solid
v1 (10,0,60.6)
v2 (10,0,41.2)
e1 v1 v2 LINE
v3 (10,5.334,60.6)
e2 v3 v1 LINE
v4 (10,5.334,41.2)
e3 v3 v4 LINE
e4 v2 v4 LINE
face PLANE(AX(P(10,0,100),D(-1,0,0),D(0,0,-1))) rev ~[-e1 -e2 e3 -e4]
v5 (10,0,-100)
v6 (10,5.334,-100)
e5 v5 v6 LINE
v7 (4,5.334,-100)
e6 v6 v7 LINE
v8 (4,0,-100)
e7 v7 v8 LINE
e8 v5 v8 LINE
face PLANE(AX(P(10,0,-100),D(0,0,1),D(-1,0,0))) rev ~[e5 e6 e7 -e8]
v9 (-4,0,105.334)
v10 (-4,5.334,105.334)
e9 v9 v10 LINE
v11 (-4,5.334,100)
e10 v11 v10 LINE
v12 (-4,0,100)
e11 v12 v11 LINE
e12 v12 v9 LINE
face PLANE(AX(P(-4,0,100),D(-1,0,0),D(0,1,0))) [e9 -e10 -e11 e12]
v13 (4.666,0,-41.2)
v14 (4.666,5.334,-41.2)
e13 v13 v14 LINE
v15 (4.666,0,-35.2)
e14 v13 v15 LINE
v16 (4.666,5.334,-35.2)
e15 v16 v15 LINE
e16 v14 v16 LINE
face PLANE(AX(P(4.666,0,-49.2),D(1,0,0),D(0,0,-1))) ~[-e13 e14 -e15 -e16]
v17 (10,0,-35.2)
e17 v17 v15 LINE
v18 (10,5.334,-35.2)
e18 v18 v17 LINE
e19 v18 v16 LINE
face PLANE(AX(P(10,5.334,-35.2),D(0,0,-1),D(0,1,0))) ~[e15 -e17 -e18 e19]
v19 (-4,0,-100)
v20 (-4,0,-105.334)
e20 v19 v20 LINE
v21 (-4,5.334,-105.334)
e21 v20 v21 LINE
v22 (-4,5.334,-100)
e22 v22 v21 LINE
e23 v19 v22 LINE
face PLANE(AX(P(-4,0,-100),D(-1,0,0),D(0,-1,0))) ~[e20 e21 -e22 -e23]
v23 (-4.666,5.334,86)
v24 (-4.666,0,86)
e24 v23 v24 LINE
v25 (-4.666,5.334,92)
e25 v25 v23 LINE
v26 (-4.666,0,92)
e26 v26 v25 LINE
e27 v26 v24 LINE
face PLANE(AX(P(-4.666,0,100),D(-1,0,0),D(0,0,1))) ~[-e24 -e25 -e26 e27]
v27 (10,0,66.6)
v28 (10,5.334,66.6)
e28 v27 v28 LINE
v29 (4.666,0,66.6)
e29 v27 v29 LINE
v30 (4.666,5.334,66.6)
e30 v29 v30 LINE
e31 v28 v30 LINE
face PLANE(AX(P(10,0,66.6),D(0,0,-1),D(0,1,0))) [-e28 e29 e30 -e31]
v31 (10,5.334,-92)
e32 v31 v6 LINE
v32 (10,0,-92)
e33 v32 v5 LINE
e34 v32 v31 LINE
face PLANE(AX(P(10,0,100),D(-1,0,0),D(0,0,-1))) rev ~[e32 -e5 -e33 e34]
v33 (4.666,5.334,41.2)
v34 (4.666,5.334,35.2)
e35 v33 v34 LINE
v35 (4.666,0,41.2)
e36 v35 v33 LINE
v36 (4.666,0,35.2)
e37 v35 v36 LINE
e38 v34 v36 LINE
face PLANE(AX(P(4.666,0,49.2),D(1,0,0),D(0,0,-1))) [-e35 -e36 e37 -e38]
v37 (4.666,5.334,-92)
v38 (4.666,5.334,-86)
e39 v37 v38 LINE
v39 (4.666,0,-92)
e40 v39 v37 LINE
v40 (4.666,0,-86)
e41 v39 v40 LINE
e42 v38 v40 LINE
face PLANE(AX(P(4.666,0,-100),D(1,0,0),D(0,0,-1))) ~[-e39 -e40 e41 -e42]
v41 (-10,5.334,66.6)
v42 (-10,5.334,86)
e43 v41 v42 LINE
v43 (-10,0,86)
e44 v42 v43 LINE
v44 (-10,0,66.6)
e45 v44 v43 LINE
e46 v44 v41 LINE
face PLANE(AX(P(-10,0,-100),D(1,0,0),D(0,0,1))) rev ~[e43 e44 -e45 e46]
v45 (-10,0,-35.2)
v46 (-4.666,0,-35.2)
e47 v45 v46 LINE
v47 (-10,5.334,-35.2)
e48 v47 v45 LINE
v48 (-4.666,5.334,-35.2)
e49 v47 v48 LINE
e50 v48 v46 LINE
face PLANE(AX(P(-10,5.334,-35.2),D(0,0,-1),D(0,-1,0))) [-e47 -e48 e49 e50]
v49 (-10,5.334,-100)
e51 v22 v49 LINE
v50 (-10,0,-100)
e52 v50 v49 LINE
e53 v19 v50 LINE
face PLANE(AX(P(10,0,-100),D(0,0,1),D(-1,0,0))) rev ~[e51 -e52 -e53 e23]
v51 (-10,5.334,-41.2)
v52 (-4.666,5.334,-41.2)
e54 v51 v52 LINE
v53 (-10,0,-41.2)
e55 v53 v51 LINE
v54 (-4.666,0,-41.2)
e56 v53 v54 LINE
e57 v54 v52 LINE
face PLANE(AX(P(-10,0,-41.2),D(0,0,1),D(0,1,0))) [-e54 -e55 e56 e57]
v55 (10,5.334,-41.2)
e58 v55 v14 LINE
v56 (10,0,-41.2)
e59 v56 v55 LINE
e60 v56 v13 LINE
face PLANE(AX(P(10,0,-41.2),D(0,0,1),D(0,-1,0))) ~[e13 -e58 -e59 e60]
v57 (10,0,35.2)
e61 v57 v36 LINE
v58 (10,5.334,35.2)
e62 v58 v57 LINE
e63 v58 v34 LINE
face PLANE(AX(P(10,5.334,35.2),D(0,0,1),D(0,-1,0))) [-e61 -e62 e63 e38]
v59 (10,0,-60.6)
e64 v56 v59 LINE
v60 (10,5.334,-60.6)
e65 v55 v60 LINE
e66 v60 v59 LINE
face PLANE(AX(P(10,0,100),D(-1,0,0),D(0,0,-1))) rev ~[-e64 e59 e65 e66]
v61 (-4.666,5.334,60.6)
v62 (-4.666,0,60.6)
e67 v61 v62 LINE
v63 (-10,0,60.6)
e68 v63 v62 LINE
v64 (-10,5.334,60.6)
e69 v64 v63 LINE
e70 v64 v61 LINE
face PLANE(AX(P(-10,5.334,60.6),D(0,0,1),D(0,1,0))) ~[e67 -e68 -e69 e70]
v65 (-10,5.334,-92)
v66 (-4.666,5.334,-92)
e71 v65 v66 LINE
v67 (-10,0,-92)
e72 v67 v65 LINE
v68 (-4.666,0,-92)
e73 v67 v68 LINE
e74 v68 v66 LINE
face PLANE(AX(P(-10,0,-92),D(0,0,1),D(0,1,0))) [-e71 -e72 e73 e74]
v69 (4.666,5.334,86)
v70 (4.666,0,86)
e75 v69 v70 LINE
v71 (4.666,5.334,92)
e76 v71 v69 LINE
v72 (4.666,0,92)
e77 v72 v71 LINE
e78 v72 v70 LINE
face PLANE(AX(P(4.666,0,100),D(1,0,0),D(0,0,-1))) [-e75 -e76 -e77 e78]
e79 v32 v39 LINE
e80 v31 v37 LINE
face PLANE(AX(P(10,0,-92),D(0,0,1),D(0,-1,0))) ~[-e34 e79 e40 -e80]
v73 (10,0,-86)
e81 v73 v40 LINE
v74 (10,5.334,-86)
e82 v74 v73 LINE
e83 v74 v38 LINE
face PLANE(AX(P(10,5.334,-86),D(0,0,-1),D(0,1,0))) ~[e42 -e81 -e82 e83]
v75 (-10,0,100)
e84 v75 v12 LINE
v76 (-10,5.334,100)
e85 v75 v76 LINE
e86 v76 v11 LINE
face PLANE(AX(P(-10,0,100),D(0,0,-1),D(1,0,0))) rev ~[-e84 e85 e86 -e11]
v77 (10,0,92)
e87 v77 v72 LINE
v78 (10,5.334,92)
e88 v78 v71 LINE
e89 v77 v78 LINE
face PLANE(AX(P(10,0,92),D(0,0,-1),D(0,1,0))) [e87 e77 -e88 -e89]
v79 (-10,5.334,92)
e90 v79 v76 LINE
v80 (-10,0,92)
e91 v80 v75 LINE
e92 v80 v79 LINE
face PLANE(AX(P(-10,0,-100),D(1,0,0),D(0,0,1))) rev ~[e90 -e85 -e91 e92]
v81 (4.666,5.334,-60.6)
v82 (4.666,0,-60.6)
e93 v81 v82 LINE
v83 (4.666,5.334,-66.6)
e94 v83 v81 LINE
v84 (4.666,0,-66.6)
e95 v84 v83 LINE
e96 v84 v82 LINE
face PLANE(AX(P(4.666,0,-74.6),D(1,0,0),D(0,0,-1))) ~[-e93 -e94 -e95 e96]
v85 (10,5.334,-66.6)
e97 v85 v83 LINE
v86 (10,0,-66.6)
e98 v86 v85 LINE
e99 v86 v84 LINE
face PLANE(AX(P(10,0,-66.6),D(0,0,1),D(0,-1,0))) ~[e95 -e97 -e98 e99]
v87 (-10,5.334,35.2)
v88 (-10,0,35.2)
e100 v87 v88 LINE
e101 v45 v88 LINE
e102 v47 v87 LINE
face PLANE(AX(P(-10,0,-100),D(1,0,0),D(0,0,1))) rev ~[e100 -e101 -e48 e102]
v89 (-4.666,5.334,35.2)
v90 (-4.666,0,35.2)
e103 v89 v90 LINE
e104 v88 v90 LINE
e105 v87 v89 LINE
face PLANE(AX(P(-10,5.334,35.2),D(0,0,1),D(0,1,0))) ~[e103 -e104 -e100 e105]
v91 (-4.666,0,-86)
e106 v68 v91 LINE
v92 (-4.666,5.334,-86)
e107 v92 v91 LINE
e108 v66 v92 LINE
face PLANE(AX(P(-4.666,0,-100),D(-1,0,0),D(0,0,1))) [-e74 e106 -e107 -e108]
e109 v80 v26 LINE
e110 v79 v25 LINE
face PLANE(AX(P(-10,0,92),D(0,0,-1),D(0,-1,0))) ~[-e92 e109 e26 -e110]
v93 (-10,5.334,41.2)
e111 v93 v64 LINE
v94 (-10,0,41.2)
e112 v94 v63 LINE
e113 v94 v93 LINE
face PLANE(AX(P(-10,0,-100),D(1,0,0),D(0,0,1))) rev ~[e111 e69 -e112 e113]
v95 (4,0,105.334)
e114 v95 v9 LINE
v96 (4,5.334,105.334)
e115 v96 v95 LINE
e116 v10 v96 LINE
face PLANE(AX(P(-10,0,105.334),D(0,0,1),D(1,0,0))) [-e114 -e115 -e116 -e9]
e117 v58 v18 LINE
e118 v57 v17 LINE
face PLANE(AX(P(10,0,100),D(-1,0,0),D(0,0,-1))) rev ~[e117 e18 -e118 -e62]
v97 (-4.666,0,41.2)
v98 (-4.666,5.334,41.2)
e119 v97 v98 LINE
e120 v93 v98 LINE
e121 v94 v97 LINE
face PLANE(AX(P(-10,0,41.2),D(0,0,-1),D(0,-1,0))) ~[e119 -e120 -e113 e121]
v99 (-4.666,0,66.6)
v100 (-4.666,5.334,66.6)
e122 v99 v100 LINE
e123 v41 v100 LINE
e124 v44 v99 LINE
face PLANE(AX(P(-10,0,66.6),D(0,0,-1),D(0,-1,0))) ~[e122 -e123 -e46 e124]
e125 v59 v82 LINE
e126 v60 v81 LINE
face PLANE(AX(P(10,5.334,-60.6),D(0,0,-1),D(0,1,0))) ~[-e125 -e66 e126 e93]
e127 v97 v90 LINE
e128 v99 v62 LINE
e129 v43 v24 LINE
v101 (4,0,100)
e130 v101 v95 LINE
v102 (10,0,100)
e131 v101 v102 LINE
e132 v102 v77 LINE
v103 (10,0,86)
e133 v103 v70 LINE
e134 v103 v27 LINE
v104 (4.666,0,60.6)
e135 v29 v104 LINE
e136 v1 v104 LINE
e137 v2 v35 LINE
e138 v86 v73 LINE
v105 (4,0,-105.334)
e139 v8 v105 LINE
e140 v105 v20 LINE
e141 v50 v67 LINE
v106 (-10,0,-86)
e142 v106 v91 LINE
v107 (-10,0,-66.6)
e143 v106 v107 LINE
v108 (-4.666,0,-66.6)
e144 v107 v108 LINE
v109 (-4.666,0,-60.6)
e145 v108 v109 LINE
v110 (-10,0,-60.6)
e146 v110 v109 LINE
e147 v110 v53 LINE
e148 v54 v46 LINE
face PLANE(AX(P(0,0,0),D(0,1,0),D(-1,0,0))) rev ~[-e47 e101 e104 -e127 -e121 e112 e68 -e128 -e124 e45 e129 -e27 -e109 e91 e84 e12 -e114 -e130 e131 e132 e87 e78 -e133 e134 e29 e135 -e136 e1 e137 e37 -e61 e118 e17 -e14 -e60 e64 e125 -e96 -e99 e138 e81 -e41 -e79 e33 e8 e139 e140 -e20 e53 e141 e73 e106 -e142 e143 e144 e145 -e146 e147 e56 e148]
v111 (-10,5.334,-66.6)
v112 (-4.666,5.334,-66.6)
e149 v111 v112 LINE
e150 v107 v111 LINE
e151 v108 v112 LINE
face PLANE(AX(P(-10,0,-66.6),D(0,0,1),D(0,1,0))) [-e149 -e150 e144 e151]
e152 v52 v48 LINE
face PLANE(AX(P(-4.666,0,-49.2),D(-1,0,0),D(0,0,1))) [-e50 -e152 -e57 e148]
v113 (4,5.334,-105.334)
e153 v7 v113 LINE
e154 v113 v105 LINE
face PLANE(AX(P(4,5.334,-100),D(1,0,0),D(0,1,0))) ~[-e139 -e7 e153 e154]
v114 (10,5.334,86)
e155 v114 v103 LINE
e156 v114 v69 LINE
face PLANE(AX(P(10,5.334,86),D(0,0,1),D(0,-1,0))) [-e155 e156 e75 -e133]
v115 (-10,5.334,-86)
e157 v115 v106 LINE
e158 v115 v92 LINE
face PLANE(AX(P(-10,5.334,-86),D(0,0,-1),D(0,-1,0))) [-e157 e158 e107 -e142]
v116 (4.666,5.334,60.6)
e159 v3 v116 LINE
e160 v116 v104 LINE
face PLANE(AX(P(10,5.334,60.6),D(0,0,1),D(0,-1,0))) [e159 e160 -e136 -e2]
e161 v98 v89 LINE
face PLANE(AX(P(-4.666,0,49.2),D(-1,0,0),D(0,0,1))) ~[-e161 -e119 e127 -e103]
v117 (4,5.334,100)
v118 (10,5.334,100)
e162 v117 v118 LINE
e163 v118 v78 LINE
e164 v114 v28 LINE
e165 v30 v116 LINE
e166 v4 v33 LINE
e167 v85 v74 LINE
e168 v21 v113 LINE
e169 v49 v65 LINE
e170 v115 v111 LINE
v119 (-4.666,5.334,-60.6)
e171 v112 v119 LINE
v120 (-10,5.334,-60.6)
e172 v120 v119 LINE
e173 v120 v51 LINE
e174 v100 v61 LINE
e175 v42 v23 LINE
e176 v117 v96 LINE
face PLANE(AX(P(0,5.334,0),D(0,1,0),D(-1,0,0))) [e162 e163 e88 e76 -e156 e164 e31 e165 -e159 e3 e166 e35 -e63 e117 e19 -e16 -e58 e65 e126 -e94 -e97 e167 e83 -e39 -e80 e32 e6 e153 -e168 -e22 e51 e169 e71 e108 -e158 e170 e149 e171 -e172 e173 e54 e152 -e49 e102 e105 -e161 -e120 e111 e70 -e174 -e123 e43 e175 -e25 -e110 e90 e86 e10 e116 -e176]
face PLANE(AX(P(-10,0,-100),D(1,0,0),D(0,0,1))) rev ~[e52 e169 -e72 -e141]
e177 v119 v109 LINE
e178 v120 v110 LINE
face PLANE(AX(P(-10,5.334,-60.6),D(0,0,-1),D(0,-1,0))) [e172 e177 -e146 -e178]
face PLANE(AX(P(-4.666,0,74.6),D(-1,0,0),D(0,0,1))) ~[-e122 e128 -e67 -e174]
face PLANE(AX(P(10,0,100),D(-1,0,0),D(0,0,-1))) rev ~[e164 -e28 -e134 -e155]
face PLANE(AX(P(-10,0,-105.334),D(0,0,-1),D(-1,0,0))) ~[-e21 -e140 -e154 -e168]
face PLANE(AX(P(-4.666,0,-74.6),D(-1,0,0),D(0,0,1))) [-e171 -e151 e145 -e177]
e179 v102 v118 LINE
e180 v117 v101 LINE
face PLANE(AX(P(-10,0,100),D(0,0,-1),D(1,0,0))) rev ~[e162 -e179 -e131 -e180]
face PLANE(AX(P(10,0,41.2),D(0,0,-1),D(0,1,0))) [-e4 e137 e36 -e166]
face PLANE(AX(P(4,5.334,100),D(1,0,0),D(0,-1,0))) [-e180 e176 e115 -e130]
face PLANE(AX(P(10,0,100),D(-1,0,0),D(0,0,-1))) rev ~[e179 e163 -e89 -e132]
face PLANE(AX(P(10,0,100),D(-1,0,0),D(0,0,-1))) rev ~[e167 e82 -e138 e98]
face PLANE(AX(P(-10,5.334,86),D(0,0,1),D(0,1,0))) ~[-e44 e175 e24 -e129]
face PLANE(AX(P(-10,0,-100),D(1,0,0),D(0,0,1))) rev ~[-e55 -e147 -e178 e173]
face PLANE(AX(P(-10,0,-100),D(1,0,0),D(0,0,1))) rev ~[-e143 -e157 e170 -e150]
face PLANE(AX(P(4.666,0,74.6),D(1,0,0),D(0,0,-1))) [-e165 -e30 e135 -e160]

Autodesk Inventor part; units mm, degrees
ref_plane "YZ Plane" through (0, 0, 0) normal (1, 0, 0) x (0, 1, 0)
ref_plane "XZ Plane" through (0, 0, 0) normal (0, 1, 0) x (-1, 0, 0)
ref_plane "XY Plane" through (0, 0, 0) normal (0, 0, 1) x (1, 0, 0)
sketch "Sketch1" plane through (0, 0, 0) normal (0, 1, 0) x (-1, 0, 0)
  line L0 (10, 100) -> (-10, 100)
  line L1 (-10, 100) -> (-10, -100)
  line L2 (-10, -100) -> (10, -100)
  line L3 (10, -100) -> (10, 100)
  point P0 (0, 0)
  point P1 (10, 0)
  point P2 (0, 100)
  dimension "d0" = 20
  dimension "d1" = 200
extrude "Extrusion1" add sketch "Sketch1" along normal blind 5.334
sketch "Sketch2" plane through (-10, 0, 100) normal (0, 0, 1) x (1, 0, 0)
  line L0 (0, 5.334) -> (20, 5.334) projected
  line L1 (6, 5.334) -> (14, 5.334)
  line L2 (14, 5.334) -> (14, 0)
  line L3 (14, 0) -> (6, 0)
  line L4 (6, 0) -> (6, 5.334)
  line L5 (0, 0) -> (20, 0) projected
  point P0 (10, 0)
  point P1 (10, 0)
  dimension "d4" = 8
  dimension "d5" = 4
extrude "Extrusion2" add sketch "Sketch2" along normal blind 5.334
mirror "Mirror1" about plane through (0, 0, 0) normal (0, 0, 1) of "Extrusion2"
sketch "Sketch3" plane through (10, 0, 100) normal (1, 0, 0) x (0, 0, -1)
  line L0 (0, 5.334) -> (200, 5.334) projected
  line L1 (0, 0) -> (200, 0) projected
  line L2 (8, 5.334) -> (14, 5.334)
  line L3 (14, 5.334) -> (14, 0)
  line L4 (14, 0) -> (8, 0)
  line L5 (8, 0) -> (8, 5.334)
  line L6 (0, 0) -> (0, 5.334) projected
  point P0 (100, 0)
  dimension "d8" = 6
  dimension "d9" = 8
extrude "Extrusion3" cut sketch "Sketch3" against normal blind 5.334 contours L0 L3 L1 L5
pattern_linear "Rectangular Pattern1" count 3 spacing 25.4 along (0, 0, -1) of "Extrusion3"
mirror "Mirror2" about plane through (0, 0, 0) normal (0, 0, 1) of "Extrusion3", "Rectangular Pattern1"
mirror "Mirror3" about plane through (0, 0, 0) normal (1, 0, 0) of "Extrusion3", "Rectangular Pattern1", "Mirror2"
equation "\"d5\" = 0.5 * d4"
properties part number "base"
